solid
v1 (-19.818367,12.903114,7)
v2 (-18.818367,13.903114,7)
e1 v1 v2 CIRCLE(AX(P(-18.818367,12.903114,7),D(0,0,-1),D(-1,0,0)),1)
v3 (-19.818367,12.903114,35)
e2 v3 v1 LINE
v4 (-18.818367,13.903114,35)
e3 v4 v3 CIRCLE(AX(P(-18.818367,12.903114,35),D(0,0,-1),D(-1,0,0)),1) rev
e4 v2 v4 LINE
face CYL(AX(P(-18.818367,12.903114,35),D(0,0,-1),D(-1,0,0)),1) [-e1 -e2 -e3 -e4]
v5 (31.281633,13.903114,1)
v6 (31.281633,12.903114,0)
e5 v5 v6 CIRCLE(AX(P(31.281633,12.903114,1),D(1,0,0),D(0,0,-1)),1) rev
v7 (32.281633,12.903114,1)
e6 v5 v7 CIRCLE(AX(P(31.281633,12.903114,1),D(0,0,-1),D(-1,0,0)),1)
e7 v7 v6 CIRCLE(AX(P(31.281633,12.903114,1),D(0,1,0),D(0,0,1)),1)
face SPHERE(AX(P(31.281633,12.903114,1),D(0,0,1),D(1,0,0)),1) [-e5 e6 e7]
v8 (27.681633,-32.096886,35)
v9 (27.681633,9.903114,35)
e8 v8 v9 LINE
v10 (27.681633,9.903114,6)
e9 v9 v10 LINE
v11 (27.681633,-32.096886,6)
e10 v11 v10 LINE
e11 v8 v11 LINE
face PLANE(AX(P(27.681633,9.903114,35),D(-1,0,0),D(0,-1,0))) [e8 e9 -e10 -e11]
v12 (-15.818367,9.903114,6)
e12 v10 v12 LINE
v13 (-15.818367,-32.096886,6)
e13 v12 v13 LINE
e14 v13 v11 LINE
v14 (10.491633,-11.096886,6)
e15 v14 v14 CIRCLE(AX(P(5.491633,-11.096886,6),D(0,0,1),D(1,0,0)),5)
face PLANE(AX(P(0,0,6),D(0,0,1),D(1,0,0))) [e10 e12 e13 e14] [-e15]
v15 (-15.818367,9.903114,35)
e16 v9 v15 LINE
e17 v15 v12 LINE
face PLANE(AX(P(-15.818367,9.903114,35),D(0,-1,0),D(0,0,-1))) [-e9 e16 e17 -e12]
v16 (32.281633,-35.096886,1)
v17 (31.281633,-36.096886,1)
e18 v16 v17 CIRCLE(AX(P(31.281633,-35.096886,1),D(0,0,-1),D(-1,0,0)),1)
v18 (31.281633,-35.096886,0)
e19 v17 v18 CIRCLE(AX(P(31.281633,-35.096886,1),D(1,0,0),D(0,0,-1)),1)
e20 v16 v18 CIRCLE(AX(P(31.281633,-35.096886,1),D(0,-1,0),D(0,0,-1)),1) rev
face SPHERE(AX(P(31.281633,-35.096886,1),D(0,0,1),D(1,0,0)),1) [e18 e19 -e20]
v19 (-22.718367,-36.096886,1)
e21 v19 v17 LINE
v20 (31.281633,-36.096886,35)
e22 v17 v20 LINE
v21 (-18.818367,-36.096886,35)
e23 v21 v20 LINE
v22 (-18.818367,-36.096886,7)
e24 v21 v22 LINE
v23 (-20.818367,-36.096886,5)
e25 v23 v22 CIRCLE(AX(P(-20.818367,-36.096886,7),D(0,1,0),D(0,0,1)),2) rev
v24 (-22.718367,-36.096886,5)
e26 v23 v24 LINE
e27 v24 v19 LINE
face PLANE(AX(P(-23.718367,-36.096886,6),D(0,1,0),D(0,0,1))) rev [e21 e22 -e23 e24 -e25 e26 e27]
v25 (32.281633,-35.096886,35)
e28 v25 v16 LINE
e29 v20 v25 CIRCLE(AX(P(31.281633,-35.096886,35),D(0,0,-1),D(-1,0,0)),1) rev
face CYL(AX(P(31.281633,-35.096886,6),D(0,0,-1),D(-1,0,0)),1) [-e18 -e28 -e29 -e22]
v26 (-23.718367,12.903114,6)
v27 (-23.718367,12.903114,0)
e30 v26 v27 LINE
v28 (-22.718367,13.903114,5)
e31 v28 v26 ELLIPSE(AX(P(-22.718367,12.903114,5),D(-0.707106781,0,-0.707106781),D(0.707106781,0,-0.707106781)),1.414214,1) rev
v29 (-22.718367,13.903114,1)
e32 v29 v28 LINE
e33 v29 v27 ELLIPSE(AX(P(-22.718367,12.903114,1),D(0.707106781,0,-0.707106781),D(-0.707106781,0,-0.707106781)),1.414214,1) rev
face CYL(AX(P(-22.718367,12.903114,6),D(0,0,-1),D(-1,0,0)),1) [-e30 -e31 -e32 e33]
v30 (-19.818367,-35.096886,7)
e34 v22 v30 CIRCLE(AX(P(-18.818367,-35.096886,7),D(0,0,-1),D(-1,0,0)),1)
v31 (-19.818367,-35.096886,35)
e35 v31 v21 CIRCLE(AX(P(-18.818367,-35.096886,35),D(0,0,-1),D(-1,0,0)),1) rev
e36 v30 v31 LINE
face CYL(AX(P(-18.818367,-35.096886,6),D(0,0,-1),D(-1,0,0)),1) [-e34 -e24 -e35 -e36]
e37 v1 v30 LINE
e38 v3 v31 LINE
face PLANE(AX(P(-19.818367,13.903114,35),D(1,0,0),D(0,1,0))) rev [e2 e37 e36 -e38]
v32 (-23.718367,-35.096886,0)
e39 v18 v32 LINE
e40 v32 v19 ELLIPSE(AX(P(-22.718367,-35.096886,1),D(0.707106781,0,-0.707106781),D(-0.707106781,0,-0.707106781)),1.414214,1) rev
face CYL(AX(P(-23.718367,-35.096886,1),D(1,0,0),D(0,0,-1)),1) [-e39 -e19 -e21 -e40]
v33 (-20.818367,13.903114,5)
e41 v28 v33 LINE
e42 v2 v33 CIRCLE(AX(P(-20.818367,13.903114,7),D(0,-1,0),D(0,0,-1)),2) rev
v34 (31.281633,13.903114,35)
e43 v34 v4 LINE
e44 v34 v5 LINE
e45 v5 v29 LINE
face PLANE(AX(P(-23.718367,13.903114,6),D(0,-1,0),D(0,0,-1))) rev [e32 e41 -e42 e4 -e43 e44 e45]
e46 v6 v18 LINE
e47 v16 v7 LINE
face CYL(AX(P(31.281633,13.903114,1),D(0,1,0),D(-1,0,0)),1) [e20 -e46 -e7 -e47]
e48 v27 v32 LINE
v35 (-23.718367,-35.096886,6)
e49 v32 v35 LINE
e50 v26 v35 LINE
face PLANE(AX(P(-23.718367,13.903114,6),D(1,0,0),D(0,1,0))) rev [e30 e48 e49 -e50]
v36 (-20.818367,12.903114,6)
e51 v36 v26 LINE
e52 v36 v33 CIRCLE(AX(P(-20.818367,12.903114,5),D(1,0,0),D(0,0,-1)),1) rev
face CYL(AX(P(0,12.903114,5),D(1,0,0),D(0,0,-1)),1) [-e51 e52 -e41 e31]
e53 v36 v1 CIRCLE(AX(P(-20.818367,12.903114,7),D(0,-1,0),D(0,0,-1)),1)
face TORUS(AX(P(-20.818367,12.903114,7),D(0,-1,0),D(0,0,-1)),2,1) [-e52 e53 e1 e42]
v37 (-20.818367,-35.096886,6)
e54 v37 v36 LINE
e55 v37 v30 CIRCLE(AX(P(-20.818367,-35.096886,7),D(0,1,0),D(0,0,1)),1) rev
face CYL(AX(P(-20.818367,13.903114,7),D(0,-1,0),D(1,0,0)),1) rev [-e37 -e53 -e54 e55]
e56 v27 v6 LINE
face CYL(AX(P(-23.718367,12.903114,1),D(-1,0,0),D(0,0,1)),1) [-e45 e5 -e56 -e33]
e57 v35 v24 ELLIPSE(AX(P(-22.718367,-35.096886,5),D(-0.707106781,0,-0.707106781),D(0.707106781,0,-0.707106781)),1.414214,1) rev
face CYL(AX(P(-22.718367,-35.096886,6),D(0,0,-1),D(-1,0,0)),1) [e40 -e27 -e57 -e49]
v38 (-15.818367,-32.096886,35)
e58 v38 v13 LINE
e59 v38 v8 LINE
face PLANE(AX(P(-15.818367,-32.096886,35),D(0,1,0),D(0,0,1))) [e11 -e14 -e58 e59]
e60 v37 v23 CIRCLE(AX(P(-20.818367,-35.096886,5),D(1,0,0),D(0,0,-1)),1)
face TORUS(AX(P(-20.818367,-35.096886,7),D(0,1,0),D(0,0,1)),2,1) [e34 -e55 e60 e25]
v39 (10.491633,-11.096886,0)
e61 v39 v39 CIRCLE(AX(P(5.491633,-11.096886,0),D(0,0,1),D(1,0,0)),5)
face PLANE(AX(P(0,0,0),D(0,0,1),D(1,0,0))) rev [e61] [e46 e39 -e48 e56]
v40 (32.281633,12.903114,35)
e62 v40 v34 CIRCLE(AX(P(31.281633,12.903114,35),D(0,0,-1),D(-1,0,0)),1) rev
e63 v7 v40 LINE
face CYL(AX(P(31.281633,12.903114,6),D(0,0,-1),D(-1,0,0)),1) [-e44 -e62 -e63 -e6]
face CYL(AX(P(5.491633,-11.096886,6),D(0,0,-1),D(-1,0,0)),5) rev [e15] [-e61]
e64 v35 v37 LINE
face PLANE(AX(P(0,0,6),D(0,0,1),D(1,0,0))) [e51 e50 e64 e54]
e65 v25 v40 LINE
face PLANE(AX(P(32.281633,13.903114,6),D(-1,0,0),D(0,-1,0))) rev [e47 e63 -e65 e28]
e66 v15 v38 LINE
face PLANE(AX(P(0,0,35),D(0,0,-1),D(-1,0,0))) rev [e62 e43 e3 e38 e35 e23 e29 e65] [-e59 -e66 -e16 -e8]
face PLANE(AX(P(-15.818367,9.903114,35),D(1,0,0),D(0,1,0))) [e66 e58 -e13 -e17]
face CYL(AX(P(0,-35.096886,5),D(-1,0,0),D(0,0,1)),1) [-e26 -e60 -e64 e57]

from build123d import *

# Parameters (mm, degrees)
ESBO_O1_W                = 56
ESBO_O1_H                = 50
ESBO_O1_R                = 5
RESSALTO_EXTRUS_O1_DEPTH = 6
ESBO_O2_W                = 52.1
ESBO_O2_H                = 50
ESBO_O2_W_2              = 43.5
ESBO_O2_H_2              = 42
RESSALTO_EXTRUS_O2_DEPTH = 29
FILETE1_R                = 1


with BuildPart() as part:
    # Esboço1 → Ressalto-extrusão1 (new body)
    with BuildSketch(Plane.XY):
        with Locations((4.281632844, -11.096885813)):
            Rectangle(ESBO_O1_W, ESBO_O1_H)
        with Locations((5.491632844, -11.096885813)):
            Circle(ESBO_O1_R, mode=Mode.SUBTRACT)
    extrude(amount=RESSALTO_EXTRUS_O1_DEPTH)

    # Esboço2 → Ressalto-extrusão2 (add)
    with BuildSketch(Plane.XY.offset(6)):
        with Locations((6.231632844, -11.096885813)):
            Rectangle(ESBO_O2_W, ESBO_O2_H)
        with Locations((5.931632844, -11.096885813)):
            Rectangle(ESBO_O2_W_2, ESBO_O2_H_2, mode=Mode.SUBTRACT)
    extrude(amount=RESSALTO_EXTRUS_O2_DEPTH)

    # Filete1
    filete1_edges = [part.edges().sort_by_distance(p)[0] for p in [
        (-21.768367156, 13.903114187, 6),
        (-19.818367156, -11.096885813, 6),
        (-19.818367156, 13.903114187, 20.5),
        (-19.818367156, -36.096885813, 20.5),
        (4.281632844, 13.903114187, 0),
        (32.281632844, -11.096885813, 0),
        (4.281632844, -36.096885813, 0),
        (-23.718367156, 13.903114187, 3),
        (32.281632844, 13.903114187, 17.5),
        (32.281632844, -36.096885813, 17.5),
        (-23.718367156, -36.096885813, 3),
        (-21.768367156, -36.096885813, 6),
    ]]
    fillet(filete1_edges, radius=FILETE1_R)


solid = part.part
